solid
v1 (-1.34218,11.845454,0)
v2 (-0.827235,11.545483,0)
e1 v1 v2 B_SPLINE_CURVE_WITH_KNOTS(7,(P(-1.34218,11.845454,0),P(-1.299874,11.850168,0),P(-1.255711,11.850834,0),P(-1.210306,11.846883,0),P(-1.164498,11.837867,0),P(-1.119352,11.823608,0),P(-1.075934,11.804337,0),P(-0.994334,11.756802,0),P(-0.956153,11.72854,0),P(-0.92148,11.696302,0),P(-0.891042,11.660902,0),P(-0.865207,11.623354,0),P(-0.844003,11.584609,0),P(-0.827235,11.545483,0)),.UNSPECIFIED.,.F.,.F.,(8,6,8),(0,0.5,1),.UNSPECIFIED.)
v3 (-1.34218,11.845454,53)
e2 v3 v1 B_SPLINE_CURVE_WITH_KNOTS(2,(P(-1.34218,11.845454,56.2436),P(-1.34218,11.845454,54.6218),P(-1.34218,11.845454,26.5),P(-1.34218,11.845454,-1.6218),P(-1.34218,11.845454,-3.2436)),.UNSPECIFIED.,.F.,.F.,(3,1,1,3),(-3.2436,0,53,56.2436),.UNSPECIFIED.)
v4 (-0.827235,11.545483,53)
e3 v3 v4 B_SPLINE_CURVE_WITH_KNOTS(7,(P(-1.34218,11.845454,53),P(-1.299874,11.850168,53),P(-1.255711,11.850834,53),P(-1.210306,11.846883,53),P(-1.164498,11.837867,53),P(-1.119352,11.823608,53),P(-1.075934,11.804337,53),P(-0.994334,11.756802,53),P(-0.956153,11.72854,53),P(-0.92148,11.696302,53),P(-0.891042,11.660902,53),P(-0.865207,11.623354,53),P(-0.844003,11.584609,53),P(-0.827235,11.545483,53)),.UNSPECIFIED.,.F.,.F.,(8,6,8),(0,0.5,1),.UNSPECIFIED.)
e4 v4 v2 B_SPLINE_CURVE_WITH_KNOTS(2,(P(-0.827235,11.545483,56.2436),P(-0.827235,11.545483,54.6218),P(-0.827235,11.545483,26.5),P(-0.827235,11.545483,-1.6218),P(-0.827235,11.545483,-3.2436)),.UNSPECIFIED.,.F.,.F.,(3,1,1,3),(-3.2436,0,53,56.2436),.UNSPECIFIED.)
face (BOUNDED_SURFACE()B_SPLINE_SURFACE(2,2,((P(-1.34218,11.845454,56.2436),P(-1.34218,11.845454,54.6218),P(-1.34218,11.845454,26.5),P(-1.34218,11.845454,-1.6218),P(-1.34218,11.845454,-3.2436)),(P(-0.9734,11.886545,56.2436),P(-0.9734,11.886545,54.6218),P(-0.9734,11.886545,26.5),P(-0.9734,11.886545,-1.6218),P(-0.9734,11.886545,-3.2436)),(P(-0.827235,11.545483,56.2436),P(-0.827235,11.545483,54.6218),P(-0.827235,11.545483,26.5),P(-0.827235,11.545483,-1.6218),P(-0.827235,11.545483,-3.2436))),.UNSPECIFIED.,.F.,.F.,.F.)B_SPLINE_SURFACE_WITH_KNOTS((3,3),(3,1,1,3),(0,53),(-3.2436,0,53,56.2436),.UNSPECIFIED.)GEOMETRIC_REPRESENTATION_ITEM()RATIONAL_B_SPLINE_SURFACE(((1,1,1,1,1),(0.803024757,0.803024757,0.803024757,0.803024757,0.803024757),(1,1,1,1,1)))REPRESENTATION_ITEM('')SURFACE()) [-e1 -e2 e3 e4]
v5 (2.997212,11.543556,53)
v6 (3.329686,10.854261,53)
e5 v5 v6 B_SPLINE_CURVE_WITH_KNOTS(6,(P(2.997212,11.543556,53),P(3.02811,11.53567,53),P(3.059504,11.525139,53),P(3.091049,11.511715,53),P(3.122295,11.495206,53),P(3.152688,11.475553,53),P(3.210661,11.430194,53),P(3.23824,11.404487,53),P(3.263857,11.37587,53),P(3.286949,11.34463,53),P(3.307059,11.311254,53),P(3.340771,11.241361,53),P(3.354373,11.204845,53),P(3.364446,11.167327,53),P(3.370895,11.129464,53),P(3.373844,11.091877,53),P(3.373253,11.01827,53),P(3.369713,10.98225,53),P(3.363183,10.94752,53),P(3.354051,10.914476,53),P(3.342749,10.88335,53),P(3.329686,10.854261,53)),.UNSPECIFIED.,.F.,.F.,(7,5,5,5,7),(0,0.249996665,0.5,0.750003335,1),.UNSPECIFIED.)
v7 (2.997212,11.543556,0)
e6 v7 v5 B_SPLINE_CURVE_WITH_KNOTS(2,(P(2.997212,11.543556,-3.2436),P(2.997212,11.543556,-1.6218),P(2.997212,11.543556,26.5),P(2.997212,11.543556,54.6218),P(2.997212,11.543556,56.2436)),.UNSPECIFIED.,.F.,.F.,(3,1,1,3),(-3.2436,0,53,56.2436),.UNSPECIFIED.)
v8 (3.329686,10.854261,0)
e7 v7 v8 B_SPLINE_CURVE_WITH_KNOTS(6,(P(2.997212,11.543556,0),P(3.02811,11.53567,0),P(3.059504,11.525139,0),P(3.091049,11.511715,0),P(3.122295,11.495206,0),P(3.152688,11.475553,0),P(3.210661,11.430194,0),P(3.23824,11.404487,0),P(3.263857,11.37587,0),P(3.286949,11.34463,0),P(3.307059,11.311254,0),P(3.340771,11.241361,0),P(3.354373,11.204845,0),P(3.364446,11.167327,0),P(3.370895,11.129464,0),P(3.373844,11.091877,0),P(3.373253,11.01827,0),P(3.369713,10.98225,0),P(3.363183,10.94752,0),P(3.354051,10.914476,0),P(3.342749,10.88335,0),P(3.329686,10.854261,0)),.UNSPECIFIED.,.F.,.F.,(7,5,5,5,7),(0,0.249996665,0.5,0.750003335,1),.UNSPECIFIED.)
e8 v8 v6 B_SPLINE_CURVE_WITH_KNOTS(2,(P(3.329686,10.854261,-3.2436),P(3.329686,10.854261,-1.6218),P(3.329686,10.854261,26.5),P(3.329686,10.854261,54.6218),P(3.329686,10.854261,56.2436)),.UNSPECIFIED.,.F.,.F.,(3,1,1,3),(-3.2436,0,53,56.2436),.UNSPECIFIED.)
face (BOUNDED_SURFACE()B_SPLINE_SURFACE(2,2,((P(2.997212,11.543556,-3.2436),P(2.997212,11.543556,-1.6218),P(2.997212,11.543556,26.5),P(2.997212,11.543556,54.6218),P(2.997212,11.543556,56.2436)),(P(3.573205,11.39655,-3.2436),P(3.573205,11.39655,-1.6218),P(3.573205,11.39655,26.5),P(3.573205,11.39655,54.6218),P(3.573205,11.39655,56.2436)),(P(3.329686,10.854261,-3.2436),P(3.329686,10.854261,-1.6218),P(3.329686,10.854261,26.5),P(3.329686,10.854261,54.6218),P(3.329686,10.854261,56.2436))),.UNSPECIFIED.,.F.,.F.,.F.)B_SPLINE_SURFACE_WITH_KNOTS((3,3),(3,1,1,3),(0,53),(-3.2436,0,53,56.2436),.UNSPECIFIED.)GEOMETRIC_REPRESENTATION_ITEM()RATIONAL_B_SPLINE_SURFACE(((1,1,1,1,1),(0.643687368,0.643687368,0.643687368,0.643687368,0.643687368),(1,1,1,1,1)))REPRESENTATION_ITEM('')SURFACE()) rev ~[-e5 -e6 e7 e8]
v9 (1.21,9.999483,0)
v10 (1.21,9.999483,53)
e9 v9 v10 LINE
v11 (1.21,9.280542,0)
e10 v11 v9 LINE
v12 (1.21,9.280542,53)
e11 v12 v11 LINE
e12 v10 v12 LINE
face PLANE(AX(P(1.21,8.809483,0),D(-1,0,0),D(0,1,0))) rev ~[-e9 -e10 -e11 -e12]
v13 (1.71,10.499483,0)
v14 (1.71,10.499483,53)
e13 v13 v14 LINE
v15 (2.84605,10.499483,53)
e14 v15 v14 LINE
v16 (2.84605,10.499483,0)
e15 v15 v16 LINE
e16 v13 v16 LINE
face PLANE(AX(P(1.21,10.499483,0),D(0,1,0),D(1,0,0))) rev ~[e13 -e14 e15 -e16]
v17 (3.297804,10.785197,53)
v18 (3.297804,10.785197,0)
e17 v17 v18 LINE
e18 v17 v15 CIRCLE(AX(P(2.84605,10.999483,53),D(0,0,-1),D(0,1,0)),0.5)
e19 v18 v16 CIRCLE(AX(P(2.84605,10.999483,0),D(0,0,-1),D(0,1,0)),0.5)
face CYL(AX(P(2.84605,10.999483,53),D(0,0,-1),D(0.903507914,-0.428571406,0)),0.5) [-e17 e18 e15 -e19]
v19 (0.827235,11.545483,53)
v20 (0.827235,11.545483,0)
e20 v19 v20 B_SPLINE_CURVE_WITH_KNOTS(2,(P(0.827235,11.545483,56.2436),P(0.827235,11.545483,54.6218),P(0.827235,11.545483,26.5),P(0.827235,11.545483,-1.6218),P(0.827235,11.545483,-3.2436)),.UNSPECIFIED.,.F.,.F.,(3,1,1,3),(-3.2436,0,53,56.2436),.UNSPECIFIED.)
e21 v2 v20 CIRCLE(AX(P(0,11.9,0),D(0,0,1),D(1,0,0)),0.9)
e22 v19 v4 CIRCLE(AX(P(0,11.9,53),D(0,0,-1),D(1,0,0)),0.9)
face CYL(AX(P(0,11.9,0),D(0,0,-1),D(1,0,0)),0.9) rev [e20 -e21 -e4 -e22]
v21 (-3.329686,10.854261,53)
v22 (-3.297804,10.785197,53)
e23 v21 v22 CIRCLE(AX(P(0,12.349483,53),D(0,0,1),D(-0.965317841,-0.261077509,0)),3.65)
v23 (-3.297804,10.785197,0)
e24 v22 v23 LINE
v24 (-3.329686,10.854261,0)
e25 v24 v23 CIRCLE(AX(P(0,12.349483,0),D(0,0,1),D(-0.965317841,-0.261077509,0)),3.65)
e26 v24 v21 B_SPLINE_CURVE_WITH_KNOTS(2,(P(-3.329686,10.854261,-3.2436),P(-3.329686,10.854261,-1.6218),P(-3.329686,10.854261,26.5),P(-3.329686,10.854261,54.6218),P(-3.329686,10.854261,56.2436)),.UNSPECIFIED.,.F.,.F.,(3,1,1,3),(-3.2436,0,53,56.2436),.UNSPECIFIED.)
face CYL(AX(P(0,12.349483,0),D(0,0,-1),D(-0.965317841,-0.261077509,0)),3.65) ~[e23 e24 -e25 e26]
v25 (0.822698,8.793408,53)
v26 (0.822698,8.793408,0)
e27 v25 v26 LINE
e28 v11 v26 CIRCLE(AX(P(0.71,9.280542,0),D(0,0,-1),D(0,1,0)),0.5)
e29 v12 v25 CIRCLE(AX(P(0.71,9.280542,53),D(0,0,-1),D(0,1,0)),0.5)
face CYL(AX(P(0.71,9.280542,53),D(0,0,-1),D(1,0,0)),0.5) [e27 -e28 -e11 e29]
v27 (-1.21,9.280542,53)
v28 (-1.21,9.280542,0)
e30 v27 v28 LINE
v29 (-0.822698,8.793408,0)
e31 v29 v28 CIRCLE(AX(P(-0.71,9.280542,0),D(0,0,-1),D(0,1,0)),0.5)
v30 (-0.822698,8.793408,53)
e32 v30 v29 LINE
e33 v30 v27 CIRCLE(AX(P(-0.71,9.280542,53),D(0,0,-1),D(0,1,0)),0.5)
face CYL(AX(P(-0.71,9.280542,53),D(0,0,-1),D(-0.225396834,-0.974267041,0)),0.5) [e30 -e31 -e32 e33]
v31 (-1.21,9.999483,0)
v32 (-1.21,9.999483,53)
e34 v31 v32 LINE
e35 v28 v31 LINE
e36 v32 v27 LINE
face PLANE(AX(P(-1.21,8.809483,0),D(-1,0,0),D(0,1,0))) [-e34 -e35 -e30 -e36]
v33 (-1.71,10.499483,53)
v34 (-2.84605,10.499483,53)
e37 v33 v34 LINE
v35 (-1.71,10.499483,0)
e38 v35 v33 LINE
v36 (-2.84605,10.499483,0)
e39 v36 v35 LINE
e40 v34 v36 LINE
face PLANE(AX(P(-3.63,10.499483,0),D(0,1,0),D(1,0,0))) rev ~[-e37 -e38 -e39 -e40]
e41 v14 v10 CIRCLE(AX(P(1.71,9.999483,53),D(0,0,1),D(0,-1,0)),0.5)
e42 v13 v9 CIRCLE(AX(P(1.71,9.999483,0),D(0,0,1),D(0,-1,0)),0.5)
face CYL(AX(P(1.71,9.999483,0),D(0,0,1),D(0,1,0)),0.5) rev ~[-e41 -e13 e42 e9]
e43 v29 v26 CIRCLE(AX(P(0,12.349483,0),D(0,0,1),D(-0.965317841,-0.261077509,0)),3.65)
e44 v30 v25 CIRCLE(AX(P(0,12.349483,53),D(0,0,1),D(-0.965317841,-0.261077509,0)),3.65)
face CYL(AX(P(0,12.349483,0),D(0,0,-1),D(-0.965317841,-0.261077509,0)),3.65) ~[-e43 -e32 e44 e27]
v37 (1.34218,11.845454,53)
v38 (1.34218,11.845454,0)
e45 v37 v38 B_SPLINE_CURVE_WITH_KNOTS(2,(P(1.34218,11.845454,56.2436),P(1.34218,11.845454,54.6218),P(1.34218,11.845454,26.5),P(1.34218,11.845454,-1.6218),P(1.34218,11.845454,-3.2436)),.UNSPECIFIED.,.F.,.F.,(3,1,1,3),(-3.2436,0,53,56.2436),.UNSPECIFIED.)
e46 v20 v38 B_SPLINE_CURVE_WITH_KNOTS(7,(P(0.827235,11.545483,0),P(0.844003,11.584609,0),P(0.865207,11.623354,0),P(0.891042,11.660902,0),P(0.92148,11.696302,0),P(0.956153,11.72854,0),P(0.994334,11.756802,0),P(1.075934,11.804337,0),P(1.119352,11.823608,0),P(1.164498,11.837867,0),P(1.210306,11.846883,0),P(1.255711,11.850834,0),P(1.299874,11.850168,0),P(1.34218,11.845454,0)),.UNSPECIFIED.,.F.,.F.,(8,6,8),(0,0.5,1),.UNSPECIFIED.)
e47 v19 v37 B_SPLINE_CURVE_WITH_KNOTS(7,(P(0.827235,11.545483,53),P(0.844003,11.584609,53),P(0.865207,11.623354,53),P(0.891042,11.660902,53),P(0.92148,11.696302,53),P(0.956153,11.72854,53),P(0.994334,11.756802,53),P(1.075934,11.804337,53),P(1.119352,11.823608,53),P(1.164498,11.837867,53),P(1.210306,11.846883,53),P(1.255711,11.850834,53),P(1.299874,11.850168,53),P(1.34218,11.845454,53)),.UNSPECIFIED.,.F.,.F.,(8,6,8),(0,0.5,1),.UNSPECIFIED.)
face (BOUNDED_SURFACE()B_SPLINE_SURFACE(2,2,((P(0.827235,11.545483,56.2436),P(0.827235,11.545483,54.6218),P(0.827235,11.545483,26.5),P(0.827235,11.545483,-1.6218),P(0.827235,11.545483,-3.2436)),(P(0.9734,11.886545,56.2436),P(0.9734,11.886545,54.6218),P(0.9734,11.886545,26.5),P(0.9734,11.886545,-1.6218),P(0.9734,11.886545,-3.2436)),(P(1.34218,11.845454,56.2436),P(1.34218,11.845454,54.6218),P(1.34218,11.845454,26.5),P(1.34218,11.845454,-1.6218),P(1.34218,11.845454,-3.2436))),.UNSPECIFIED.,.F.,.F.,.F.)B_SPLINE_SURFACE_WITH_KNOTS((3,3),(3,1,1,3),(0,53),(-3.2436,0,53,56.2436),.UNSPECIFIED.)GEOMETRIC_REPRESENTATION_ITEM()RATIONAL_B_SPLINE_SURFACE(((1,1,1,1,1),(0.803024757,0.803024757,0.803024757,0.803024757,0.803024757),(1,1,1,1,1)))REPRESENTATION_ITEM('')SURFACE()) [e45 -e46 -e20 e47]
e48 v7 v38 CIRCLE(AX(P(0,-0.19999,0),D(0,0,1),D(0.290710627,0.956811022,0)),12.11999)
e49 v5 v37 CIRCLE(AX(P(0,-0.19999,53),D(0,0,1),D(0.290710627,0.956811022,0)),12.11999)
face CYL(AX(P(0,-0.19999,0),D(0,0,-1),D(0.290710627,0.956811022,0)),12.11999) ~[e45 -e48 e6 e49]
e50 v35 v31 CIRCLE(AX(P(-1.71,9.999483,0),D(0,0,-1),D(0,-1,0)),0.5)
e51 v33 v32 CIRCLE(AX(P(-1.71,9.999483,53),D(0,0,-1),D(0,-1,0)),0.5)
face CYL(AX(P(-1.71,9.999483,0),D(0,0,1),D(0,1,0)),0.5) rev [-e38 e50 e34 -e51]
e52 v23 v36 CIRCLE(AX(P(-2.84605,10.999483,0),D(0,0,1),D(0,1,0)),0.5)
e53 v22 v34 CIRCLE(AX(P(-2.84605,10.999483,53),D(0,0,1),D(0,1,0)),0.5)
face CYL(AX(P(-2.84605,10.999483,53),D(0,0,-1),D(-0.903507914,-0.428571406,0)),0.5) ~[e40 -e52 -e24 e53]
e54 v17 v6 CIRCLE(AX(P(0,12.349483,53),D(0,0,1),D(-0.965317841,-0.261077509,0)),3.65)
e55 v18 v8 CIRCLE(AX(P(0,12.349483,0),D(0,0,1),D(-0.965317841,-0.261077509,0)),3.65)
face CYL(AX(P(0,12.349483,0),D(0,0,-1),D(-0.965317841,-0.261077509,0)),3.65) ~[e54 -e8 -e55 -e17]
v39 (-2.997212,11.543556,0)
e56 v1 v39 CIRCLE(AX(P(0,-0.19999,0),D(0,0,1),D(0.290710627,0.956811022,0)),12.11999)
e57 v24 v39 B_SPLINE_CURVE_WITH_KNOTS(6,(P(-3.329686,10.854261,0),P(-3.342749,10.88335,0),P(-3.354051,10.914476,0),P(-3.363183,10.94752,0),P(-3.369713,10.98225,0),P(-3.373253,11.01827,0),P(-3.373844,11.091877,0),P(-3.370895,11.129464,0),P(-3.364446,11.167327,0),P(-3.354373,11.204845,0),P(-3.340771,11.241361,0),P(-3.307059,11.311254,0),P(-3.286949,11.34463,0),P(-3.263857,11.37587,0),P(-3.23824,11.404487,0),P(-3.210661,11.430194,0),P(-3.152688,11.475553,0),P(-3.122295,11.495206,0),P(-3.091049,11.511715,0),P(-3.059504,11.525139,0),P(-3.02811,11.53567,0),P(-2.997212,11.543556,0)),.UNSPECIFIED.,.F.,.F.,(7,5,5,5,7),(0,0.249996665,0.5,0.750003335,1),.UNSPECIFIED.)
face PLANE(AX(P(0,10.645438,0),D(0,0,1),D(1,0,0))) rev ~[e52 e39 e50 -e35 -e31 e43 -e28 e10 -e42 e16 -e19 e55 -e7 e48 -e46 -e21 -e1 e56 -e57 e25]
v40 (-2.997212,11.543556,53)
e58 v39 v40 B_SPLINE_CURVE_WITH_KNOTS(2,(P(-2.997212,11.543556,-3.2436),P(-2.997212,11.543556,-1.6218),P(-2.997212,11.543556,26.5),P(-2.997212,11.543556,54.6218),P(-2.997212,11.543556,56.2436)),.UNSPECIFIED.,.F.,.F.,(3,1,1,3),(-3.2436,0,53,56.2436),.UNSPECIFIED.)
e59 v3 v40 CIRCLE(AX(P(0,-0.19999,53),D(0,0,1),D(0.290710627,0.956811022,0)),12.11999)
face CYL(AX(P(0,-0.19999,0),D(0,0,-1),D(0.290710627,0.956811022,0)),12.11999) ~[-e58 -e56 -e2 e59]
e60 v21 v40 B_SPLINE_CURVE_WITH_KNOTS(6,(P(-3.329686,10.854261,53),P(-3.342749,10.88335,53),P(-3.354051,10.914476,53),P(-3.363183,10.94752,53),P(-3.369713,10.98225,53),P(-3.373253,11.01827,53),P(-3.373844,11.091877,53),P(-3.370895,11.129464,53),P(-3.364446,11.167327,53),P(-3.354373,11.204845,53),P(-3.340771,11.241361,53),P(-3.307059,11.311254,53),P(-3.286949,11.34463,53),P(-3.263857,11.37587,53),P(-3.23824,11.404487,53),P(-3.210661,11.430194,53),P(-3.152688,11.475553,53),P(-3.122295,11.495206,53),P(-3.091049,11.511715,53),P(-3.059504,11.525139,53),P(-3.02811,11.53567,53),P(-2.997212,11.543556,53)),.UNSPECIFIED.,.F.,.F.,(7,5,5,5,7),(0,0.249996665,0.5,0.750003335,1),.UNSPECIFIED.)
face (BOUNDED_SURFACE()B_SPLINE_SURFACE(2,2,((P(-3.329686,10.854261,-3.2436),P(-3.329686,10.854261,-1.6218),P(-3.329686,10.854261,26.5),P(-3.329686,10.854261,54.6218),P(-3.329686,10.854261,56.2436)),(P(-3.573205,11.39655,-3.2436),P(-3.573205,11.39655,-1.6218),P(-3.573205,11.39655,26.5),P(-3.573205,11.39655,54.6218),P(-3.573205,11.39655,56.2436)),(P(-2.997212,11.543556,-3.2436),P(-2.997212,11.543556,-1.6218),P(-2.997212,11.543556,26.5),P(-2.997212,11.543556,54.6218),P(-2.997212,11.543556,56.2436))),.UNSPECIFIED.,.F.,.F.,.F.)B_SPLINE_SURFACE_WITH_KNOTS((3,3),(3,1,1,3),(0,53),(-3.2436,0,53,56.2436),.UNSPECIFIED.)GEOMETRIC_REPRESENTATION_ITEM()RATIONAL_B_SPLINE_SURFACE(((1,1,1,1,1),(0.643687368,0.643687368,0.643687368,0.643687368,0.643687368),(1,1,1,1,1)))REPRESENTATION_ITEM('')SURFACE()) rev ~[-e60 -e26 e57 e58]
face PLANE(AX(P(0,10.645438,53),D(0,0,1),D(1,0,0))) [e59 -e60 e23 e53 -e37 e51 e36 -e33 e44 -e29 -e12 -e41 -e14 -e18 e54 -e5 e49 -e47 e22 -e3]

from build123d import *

# Parameters (mm, degrees)
BOX007_W          = 2.42
BOX007_H          = 1.69
BOX007_DEPTH      = 55
BOX008_W          = 2.42
BOX008_H          = 1.69
BOX008_DEPTH      = 55
CYLINDER002_R     = 0.9
CYLINDER002_DEPTH = 55
EXTRUDE011_DEPTH  = 53
FILLET_R          = 0.5


with BuildPart() as cubo_izq001:
    # Box007 → Box007 (new body)
    with BuildSketch(Plane(origin=(-3.63, 8.809483, 0), x_dir=(1, 0, 0), z_dir=(0, 0, 1))):
        with Locations((1.21, 0.845)):
            Rectangle(BOX007_W, BOX007_H)
    extrude(amount=BOX007_DEPTH)


with BuildPart() as cubo_der001:
    # Box008 → Box008 (new body)
    with BuildSketch(Plane(origin=(1.21, 8.809483, 0), x_dir=(1, 0, 0), z_dir=(0, 0, 1))):
        with Locations((1.21, 0.845)):
            Rectangle(BOX008_W, BOX008_H)
    extrude(amount=BOX008_DEPTH)


with BuildPart() as cilindro001:
    # Cylinder002 → Cylinder002 (new body)
    with BuildSketch(Plane(origin=(0, 11.9, 0), x_dir=(1, 0, 0), z_dir=(0, 0, 1))):
        Circle(CYLINDER002_R)
    extrude(amount=CYLINDER002_DEPTH)


with BuildPart() as barrote_definitivo_fina_parte_grande:
    # Sketch011 → Extrude011 (new body)
    with BuildSketch(Plane(origin=(0, -0.2, 0), x_dir=(1, 0, 0), z_dir=(0, 0, 1))):
        with BuildLine():
            ThreePointArc((-3.52341, 11.59655), (0, 8.899483), (3.52341, 11.59655))
            ThreePointArc((3.52341, 11.59655), (0, 12.12), (-3.52341, 11.59655))
        make_face()
    extrude(amount=EXTRUDE011_DEPTH)

    # Cut007: cut Cilindro001
    add(cilindro001.part, mode=Mode.SUBTRACT)

    # Cut008: cut Cubo der001
    add(cubo_der001.part, mode=Mode.SUBTRACT)

    # Cut009: cut Cubo izq001
    add(cubo_izq001.part, mode=Mode.SUBTRACT)

    # Fillet
    fillet_edges = [barrote_definitivo_fina_parte_grande.edges().sort_by_distance(p)[0] for p in [
        (-3.146427, 10.499483, 26.5),
        (-3.52341, 11.39655, 26.5),
        (-1.21, 10.499483, 26.5),
        (-0.899899, 11.886545, 26.5),
        (0.899899, 11.886545, 26.5),
        (3.52341, 11.39655, 26.5),
        (3.146427, 10.499483, 26.5),
        (1.21, 10.499483, 26.5),
        (1.21, 8.90588, 26.5),
        (-1.21, 8.90588, 26.5),
    ]]
    fillet(fillet_edges, radius=FILLET_R)


solid = barrote_definitivo_fina_parte_grande.part
